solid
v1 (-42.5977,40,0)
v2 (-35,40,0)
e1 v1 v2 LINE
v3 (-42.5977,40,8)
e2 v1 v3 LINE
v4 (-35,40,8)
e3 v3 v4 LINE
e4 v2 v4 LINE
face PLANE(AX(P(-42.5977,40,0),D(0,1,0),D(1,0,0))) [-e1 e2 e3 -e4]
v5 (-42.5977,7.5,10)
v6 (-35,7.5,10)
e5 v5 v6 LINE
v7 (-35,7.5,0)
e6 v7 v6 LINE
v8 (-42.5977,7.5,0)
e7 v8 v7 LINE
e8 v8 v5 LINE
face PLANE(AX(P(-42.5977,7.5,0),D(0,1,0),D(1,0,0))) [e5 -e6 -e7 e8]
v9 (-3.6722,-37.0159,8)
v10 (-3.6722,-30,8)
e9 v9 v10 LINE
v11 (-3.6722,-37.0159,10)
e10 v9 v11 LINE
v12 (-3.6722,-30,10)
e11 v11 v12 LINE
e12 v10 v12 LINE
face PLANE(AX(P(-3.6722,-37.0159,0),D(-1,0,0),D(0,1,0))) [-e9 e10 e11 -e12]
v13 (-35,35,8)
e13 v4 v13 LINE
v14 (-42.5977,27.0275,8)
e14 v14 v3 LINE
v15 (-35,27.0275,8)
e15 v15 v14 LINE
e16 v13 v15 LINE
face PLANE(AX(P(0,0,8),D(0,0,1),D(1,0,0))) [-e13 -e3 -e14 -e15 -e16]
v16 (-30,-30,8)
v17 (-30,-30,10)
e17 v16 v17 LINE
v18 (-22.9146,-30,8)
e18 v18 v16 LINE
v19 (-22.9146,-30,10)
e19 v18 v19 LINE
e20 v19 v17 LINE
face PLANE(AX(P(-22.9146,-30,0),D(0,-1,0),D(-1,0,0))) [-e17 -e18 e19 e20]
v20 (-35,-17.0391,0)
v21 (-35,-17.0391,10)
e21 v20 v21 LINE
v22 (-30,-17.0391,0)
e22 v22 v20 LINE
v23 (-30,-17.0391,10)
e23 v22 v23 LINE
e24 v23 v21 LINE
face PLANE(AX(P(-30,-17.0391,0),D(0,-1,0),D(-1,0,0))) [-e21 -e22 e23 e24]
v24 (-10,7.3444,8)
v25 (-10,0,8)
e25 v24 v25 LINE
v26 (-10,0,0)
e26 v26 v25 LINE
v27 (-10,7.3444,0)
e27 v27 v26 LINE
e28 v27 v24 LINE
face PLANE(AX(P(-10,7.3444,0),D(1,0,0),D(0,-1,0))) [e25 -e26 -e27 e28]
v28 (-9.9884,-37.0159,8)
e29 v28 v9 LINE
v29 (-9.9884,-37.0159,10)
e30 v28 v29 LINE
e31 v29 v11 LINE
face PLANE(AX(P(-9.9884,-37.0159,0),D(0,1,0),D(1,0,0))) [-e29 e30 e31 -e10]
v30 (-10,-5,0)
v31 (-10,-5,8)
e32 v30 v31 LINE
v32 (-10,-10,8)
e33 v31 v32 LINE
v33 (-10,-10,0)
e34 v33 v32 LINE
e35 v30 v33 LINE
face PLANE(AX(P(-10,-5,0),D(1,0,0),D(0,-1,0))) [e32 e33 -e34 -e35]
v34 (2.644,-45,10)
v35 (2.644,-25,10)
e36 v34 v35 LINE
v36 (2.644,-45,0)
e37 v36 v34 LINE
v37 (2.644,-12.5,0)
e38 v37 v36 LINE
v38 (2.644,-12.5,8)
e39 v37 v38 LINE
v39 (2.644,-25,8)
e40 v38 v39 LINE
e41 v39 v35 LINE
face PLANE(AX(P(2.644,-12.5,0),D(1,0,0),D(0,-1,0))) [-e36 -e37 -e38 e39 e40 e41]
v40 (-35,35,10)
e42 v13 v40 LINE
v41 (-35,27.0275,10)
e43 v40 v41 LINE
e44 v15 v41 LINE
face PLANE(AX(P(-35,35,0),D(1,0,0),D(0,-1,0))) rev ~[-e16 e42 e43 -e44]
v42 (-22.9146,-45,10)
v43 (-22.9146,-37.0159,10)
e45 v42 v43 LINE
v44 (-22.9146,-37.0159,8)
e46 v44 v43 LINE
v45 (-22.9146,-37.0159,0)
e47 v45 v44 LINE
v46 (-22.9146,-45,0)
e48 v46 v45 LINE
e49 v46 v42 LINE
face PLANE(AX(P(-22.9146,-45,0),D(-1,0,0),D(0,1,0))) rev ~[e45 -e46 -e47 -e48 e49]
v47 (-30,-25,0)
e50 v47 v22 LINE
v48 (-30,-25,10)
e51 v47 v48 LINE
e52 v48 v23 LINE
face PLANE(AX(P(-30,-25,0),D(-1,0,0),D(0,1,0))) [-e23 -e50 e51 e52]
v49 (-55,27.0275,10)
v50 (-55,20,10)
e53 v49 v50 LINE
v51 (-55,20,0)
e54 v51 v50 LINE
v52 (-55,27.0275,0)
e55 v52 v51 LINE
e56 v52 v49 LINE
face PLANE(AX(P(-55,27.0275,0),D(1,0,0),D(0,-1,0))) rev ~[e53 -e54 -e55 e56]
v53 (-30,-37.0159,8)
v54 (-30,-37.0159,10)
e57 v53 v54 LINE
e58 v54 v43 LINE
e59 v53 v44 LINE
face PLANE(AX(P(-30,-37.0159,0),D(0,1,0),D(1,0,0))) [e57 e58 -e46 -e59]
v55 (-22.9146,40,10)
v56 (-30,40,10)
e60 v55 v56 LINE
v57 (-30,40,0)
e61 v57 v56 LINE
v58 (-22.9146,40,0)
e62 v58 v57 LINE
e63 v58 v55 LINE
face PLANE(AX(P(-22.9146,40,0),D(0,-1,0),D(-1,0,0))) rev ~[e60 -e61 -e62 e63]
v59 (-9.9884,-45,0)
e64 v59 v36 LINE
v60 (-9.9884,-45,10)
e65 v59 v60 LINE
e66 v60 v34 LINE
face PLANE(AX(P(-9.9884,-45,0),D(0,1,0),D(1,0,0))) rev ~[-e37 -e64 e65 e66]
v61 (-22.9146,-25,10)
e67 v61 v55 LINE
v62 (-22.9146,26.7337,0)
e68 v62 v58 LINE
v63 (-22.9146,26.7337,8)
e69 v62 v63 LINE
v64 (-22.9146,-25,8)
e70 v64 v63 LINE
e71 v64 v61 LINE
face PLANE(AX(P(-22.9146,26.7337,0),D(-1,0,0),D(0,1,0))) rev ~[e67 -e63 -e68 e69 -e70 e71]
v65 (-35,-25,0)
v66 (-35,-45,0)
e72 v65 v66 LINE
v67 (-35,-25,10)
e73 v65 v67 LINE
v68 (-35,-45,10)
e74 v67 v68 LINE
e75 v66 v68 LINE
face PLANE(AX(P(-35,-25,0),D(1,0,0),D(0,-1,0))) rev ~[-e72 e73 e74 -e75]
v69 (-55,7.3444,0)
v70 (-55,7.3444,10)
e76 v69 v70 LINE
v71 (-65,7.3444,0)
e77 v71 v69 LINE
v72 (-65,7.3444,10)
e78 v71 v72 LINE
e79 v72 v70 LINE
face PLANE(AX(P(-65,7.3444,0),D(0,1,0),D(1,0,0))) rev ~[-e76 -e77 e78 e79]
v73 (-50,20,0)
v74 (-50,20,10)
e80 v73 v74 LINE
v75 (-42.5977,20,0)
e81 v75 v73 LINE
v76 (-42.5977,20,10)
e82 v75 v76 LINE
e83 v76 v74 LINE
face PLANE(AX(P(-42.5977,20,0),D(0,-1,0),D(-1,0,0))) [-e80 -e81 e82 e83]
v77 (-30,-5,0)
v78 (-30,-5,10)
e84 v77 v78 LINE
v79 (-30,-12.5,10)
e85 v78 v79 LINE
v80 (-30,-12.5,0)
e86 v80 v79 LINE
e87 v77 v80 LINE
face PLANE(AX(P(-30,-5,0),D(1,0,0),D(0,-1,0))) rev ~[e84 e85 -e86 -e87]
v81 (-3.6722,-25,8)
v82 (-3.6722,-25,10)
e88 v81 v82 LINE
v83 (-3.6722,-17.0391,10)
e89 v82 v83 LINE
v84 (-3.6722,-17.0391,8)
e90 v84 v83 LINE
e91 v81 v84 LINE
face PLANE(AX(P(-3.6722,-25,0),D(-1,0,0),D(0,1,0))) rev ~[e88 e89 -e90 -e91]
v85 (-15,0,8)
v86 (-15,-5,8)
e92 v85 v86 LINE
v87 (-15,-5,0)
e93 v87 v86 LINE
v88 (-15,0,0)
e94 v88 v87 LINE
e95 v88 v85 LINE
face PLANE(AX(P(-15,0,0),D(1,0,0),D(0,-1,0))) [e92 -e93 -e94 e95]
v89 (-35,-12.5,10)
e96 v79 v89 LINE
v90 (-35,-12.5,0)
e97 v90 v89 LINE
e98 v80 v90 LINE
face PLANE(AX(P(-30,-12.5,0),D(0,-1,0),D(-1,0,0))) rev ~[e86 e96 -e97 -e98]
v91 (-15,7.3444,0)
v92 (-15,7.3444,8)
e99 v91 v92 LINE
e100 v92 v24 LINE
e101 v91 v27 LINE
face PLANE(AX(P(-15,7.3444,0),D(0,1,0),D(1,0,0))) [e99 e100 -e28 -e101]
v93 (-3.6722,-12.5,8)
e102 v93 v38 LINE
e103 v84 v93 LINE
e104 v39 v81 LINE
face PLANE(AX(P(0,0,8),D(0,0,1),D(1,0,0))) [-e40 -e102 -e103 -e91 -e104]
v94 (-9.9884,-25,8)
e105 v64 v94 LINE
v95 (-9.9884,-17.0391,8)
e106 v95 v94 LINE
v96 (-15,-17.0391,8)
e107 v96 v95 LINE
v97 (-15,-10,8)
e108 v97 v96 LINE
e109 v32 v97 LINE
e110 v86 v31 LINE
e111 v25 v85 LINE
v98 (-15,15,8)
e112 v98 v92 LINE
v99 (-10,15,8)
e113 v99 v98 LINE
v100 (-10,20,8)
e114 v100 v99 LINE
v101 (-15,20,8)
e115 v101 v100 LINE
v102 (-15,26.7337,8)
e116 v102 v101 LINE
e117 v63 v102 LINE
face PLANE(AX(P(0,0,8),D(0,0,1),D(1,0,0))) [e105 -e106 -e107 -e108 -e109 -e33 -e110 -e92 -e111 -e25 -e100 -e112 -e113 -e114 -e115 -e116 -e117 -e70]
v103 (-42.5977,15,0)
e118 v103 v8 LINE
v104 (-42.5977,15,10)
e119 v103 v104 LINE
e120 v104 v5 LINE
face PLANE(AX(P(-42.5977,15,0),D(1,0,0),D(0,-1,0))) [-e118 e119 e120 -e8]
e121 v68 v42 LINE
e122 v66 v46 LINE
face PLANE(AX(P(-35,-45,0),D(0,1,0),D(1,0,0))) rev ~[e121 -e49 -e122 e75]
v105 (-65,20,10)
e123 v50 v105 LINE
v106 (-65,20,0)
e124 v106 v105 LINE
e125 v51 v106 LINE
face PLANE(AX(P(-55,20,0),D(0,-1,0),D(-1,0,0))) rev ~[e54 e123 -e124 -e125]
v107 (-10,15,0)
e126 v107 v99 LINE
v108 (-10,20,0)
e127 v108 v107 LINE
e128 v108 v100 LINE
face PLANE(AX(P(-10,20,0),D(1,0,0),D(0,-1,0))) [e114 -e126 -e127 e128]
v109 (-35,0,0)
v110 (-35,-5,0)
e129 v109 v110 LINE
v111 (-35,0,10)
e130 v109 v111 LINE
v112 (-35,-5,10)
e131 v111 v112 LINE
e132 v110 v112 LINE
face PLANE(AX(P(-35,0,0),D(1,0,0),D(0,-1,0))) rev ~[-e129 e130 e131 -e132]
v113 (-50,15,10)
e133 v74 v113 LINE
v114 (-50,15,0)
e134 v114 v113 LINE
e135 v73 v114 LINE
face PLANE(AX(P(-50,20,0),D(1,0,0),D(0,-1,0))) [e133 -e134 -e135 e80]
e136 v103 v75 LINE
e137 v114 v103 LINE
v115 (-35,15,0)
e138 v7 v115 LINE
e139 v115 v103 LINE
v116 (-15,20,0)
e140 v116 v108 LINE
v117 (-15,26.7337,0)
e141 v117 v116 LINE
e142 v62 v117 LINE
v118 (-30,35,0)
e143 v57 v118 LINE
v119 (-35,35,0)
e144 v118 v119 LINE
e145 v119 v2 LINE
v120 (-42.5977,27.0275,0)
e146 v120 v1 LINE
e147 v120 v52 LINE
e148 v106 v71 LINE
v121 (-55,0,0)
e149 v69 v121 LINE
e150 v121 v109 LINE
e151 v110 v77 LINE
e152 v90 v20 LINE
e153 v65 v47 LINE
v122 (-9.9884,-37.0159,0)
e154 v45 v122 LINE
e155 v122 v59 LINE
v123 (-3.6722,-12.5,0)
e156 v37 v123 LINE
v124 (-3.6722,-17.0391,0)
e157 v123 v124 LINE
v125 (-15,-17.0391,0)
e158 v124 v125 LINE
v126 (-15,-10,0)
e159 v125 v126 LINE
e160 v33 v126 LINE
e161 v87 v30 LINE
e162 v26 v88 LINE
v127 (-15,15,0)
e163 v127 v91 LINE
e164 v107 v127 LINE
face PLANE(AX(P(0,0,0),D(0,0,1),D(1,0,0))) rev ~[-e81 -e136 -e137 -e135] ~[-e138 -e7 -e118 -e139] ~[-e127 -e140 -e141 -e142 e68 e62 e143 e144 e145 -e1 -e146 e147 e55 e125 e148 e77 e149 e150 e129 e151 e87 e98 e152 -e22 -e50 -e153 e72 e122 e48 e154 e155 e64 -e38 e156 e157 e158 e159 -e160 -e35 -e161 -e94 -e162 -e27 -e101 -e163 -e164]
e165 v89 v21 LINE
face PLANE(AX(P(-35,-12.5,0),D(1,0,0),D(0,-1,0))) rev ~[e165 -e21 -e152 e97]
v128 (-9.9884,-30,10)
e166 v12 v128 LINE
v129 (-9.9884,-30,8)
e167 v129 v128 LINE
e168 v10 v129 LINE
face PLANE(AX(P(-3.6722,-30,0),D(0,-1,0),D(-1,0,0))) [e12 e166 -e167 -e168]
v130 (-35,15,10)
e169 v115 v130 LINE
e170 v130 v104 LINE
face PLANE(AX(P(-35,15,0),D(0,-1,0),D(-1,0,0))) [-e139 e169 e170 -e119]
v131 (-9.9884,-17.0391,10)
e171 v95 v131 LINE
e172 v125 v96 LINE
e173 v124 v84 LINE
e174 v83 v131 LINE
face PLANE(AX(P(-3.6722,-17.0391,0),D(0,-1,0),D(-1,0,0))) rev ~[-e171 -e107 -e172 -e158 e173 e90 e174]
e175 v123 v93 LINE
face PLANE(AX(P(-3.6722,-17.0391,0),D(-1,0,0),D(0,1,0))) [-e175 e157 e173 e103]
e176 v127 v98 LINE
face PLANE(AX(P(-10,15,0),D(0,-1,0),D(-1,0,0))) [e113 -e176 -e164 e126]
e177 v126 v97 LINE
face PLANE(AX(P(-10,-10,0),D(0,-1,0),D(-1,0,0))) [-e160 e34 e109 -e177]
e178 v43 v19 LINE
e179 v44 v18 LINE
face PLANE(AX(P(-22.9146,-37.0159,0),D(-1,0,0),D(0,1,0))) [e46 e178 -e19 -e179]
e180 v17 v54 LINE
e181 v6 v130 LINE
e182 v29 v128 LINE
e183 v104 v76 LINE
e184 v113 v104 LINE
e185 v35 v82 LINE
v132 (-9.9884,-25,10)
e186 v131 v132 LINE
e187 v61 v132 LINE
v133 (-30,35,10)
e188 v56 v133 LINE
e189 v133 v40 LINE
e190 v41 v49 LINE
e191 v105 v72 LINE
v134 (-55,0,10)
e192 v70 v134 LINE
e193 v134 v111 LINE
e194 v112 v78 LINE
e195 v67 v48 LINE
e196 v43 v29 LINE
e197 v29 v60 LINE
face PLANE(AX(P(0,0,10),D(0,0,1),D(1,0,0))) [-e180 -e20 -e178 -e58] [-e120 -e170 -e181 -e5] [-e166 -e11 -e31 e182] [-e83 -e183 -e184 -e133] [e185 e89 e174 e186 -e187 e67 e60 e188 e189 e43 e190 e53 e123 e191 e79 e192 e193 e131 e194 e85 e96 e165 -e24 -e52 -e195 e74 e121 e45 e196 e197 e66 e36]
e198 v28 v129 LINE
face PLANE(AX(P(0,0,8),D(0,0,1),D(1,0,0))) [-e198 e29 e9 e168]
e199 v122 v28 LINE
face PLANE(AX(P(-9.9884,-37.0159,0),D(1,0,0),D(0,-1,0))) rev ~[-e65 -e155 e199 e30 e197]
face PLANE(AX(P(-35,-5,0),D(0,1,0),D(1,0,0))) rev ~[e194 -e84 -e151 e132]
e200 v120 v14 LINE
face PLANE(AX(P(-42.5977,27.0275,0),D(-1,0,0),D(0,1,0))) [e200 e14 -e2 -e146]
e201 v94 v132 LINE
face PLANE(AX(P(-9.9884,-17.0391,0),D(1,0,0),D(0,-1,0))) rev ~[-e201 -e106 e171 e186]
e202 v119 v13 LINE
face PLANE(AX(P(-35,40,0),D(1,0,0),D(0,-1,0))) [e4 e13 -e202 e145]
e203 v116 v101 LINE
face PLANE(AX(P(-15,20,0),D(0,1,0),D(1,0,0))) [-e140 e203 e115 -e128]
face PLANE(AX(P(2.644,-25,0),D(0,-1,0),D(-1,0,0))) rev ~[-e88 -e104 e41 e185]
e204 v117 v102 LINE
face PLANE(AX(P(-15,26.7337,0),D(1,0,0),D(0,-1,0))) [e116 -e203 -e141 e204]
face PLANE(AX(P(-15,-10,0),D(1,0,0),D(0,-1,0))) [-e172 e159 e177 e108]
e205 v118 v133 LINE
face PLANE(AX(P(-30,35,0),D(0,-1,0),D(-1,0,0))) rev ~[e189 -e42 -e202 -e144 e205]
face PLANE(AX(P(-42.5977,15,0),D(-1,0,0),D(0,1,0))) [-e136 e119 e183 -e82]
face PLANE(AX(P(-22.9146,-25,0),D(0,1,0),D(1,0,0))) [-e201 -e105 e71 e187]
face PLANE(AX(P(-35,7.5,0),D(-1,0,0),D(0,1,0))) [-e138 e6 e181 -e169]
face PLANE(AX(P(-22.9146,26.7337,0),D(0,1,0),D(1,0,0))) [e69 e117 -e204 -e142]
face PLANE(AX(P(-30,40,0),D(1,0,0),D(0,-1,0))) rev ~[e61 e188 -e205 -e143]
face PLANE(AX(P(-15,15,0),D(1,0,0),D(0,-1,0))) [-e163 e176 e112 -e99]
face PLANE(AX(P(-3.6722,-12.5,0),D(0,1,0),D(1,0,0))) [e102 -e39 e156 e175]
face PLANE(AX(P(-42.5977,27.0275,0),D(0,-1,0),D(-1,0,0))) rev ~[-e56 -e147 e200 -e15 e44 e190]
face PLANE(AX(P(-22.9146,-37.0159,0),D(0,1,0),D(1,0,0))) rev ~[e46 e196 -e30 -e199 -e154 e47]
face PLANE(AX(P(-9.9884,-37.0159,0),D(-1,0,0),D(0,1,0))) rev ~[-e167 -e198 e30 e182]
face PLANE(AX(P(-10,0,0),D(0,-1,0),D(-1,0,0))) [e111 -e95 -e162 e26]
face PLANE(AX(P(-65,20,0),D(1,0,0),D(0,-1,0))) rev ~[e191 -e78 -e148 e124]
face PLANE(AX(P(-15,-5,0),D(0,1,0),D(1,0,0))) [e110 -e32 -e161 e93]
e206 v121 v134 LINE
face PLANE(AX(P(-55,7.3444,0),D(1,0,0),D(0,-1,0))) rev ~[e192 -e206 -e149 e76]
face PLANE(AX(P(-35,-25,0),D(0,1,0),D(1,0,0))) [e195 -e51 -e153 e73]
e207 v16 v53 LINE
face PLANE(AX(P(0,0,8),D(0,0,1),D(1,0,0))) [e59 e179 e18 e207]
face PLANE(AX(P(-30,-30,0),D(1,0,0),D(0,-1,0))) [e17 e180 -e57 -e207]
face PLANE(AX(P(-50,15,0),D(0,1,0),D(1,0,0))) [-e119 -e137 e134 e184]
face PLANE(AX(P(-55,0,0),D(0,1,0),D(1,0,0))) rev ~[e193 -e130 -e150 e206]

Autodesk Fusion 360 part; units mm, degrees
sketch "giraffe" plane through (0, 0, 0) normal (0, 0, 1) x (1, 0, 0)
  line L0 (-42.5977, 27.0275) -> (-55, 27.0275)
  line L1 (-55, 27.0275) -> (-55, 20)
  line L2 (-55, 20) -> (-65, 20)
  line L3 (-65, 20) -> (-65, 7.3444)
  line L4 (-65, 7.3444) -> (-55, 7.3444)
  line L5 (-55, 7.3444) -> (-55, 0)
  line L6 (-55, 0) -> (-35, 0)
  line L7 (-35, 0) -> (-35, -45)
  line L8 (-35, -45) -> (-22.9146, -45)
  line L9 (-22.9146, -45) -> (-22.9146, -37.0159)
  line L10 (-9.9884, -37.0159) -> (-9.9884, -45)
  line L11 (-9.9884, -45) -> (2.644, -45)
  line L12 (2.644, -45) -> (2.644, -25)
  line L13 (2.644, -25) -> (-3.6722, -25)
  line L14 (-3.6722, -25) -> (-3.6722, -17.0391)
  line L15 (-3.6722, -17.0391) -> (-9.9884, -17.0391)
  line L16 (-9.9884, -17.0391) -> (-9.9884, -25)
  line L17 (-22.9146, -25) -> (-22.9146, 40)
  line L18 (-22.9146, 40) -> (-30, 40)
  line L19 (-30, 40) -> (-30, 35)
  line L20 (-30, 35) -> (-35, 35)
  line L21 (-35, 35) -> (-35, 27.0275)
  line L22 (-35, 27.0275) -> (-42.5977, 27.0275)
  line L23 (-42.5977, 27.0275) -> (-42.5977, 40)
  line L24 (-42.5977, 40) -> (-35, 40)
  line L25 (-35, 40) -> (-35, 35)
  line L26 (-22.9146, 26.7337) -> (-15, 26.7337)
  line L27 (-15, 26.7337) -> (-15, 20)
  line L28 (-15, 20) -> (-10, 20)
  line L29 (-10, 20) -> (-10, 15)
  line L30 (-10, 15) -> (-15, 15)
  line L31 (-15, 15) -> (-15, 7.3444)
  line L32 (-15, 7.3444) -> (-10, 7.3444)
  line L33 (-10, 7.3444) -> (-10, 0)
  line L34 (-10, 0) -> (-15, 0)
  line L35 (-15, 0) -> (-15, -5)
  line L36 (-15, -5) -> (-10, -5)
  line L37 (-10, -5) -> (-10, -10)
  line L38 (-10, -10) -> (-15, -10)
  line L39 (-15, -10) -> (-15, -15)
  line L40 (-15, -15) -> (-15, -17.0391)
  line L41 (-15, -17.0391) -> (-9.9884, -17.0391)
  line L42 (-3.6722, -17.0391) -> (-3.6722, -12.5)
  line L43 (-3.6722, -12.5) -> (0, -12.5)
  line L44 (0, -12.5) -> (2.644, -12.5)
  line L45 (2.644, -12.5) -> (2.644, -25)
  line L46 (-35, -5) -> (-30, -5)
  line L47 (-30, -5) -> (-30, -12.5)
  line L48 (-30, -12.5) -> (-35, -12.5)
  line L49 (-30, -30) -> (-30, -37.0159)
  line L50 (-30, -37.0159) -> (-22.9146, -37.0159)
  line L51 (-22.9146, -37.0159) -> (-22.9146, -30)
  line L52 (-22.9146, -30) -> (-30, -30)
  line L53 (-9.9884, -37.0159) -> (-9.9884, -30)
  line L54 (-9.9884, -37.0159) -> (-3.6722, -37.0159)
  line L55 (-3.6722, -37.0159) -> (-3.6722, -30)
  line L56 (-3.6722, -30) -> (-9.9884, -30)
  line L57 (-42.5977, 7.5) -> (-35, 7.5)
  line L58 (-35, 7.5) -> (-35, 15)
  line L59 (-35, 15) -> (-42.5977, 15)
  line L60 (-42.5977, 15) -> (-42.5977, 7.5)
  line L61 (-42.5977, 15) -> (-42.5977, 20)
  line L62 (-42.5977, 20) -> (-50, 20)
  line L63 (-50, 20) -> (-50, 15)
  line L64 (-50, 15) -> (-42.5977, 15)
  line L65 (-35, -25) -> (-30, -25)
  line L66 (-30, -25) -> (-30, -17.0391)
  line L67 (-30, -17.0391) -> (-35, -17.0391)
  line L68 (-22.9146, -25) -> (-9.9884, -25)
  line L69 (-22.9146, -37.0159) -> (-9.9884, -37.0159)
extrude "Extrude1" add sketch "giraffe" along normal blind 10 contours L0 L1 L2 L3 L4 L5 L6 L7 L8 L9 L10 L11 L12 L13 L14 L15 L16 L17 L18 L19 L20 L21 L22 L46 L47 L48 L65 L66 L67 L68 L69 makes body 1
extrude "Extrude2" add sketch "giraffe" along normal blind 8 separate body contours L49 L50 L51 L52 | L53 L54 L55 L56 | L21 L22 L23 L24 L25 | L16 L17 L26 L27 L28 L29 L30 L31 L32 L33 L34 L35 L36 L37 L38 L39 L40 L41 L68 | L13 L14 L42 L43 L44 L45 makes body 2 at (-42.5977, 31.3517, 5.3333) makes body 3 at (-20.2764, 0.5779, 0) makes body 4 at (-27.6382, -37.0159, 2.6667) makes body 5 at (-3.6722, -20.8333, 5.3333) makes body 6 at (-9.9884, -34.6773, 2.6667)
combine "Combine1" operation add target body 5 tool bodies 2 3 1 6 4
